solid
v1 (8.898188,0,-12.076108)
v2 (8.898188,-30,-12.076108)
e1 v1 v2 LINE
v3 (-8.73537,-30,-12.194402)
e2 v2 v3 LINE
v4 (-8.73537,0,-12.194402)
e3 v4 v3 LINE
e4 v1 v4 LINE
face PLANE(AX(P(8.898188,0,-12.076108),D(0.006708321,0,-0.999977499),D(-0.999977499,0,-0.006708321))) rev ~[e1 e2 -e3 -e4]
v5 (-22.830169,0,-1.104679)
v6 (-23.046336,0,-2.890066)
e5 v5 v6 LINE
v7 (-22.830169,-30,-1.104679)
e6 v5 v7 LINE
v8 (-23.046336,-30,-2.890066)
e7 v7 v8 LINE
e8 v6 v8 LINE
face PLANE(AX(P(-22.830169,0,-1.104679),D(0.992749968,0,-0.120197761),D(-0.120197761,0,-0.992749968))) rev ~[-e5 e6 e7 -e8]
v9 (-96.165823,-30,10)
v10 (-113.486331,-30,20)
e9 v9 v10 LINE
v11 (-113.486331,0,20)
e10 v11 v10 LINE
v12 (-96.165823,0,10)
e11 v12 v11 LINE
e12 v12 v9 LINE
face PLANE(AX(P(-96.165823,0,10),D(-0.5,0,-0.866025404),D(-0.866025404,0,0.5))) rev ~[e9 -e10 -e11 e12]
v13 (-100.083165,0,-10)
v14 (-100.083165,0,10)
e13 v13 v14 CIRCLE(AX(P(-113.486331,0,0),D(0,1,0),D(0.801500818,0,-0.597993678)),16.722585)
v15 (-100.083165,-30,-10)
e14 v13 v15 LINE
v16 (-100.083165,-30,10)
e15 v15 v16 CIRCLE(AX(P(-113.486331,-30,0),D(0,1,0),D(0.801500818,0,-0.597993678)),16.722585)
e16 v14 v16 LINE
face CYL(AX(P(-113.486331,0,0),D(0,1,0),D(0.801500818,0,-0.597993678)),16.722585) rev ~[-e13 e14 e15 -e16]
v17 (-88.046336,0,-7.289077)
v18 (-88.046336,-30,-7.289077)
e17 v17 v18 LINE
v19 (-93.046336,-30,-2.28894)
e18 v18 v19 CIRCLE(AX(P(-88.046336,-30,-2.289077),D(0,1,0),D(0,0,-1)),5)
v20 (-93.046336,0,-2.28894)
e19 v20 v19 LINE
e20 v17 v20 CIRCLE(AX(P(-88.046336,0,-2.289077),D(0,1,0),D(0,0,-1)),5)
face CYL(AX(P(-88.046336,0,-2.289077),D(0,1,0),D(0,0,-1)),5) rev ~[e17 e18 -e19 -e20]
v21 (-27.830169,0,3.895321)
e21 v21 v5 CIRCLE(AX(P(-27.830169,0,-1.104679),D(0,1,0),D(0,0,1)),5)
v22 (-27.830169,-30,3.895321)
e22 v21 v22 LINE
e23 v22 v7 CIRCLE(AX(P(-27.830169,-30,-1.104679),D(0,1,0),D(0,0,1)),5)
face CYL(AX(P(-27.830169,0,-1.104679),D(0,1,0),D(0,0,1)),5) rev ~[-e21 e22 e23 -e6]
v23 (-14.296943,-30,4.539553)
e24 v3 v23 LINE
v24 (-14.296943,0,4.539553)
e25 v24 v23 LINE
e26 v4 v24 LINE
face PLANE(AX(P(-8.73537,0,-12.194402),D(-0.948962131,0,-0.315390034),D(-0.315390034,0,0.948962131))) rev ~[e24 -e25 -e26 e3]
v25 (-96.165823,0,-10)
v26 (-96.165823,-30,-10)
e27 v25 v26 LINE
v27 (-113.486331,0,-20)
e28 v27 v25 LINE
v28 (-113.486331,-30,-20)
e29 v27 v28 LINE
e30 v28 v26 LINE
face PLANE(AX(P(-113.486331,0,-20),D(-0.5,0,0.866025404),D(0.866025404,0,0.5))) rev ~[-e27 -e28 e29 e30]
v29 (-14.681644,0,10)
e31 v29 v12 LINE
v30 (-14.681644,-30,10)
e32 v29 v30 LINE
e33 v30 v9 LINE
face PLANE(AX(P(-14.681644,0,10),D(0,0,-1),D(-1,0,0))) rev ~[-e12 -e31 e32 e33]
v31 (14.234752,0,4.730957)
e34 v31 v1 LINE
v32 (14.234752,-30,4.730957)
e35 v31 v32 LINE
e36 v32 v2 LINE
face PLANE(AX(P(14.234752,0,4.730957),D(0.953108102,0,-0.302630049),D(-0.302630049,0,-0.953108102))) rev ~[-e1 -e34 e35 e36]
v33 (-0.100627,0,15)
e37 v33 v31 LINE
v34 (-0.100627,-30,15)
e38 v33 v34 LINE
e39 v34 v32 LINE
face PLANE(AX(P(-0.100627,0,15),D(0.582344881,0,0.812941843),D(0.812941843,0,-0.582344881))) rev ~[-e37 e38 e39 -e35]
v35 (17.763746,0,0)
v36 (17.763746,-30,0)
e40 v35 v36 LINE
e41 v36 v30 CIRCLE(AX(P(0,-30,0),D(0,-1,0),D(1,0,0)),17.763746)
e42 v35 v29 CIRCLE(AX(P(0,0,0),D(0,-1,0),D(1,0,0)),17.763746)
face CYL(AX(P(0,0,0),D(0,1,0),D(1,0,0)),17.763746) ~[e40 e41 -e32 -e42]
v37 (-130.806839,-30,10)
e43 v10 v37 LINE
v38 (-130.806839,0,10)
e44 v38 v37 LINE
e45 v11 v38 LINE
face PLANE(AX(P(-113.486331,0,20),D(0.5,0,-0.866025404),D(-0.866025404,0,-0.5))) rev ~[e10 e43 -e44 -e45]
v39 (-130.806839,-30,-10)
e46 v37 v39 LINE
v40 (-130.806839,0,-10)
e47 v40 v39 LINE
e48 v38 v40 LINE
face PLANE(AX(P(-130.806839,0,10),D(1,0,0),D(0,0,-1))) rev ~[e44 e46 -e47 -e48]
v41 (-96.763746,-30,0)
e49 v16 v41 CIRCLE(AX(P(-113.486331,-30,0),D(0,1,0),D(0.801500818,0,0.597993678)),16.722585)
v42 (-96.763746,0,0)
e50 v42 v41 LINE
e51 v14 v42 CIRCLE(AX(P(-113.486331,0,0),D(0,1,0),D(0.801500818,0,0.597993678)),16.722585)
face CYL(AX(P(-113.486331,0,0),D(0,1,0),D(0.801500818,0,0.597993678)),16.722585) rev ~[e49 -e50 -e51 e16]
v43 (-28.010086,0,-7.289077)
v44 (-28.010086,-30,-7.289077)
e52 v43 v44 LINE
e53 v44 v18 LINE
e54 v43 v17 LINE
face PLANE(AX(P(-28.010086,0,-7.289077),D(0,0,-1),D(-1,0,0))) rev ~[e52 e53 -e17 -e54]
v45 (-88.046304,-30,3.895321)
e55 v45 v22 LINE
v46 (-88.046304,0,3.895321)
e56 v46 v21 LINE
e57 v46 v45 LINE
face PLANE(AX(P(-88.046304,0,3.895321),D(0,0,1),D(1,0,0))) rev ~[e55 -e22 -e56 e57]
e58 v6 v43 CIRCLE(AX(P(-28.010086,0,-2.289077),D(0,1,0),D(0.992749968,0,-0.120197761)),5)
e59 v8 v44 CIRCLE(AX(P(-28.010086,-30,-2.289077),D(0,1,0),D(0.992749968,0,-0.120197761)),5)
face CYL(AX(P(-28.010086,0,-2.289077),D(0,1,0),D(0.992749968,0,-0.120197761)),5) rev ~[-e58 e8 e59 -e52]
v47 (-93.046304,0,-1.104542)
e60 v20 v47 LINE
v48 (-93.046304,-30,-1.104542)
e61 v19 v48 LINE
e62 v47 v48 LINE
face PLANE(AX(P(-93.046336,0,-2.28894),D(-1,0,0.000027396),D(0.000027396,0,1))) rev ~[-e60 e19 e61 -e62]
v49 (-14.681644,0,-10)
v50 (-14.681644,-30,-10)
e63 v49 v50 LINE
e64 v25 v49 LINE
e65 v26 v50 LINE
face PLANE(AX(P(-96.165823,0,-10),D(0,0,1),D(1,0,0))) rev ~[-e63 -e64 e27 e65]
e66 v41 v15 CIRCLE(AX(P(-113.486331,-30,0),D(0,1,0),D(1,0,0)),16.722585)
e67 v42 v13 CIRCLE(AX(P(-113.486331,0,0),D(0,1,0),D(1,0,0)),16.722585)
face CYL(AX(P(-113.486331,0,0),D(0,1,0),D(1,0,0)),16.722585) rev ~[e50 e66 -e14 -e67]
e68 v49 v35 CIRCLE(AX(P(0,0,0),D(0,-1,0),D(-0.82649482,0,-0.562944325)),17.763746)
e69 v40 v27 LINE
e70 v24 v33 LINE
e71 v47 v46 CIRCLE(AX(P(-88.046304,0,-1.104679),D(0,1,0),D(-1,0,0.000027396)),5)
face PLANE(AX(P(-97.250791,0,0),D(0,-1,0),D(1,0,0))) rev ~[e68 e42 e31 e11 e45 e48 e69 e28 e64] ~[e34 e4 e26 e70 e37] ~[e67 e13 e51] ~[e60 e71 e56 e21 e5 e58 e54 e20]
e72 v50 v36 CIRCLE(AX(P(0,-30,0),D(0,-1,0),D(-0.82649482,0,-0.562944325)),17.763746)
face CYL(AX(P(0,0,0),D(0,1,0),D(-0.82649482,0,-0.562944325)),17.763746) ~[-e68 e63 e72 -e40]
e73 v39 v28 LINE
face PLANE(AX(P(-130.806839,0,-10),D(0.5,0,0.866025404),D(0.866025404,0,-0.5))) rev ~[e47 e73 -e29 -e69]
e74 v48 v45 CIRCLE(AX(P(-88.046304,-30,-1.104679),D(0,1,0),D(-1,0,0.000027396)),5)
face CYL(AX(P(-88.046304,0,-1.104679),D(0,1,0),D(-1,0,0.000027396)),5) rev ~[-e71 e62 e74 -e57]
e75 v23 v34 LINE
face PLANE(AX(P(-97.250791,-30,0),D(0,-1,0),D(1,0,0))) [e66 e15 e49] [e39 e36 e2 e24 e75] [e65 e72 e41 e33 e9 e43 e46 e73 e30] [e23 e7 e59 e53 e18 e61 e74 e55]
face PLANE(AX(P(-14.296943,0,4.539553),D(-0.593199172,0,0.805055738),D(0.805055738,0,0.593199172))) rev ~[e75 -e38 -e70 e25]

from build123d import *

# Parameters (mm, degrees)
F1_DEPTH = 30


with BuildPart() as f1:
    # F0 (on Front) → F1 (new body)
    with BuildSketch(Plane.XZ):
        with BuildLine():
            Line((-100.0831654086, -10), (-96.1658227274, -10))
            Line((-96.1658227274, -10), (-96.1658227274, 10))
            Line((-96.1658227274, 10), (-100.0831654086, 10))
            ThreePointArc((-100.0831654086, 10), (-97.6152814904, 5.2682669169), (-96.7637459971, 0))
            ThreePointArc((-96.7637459971, 0), (-97.6152814904, -5.2682669169), (-100.0831654086, -10))
        make_face()
        with BuildLine():
            Line((-113.486330803, -20), (-96.1658227274, -10))
            Line((-96.1658227274, -10), (-100.0831654086, -10))
            ThreePointArc((-100.0831654086, -10), (-130.208915609, 0), (-100.0831654086, 10))
            Line((-100.0831654086, 10), (-96.1658227274, 10))
            Line((-96.1658227274, 10), (-113.486330803, 20))
            Line((-113.486330803, 20), (-130.8068388787, 10))
            Line((-130.8068388787, 10), (-130.8068388787, -10))
            Line((-130.8068388787, -10), (-113.486330803, -20))
        make_face()
        with BuildLine():
            Line((-96.1658227274, 10), (-96.1658227274, -10))
            Line((-96.1658227274, -10), (-14.6816440445, -10))
            ThreePointArc((-14.6816440445, -10), (-17.7637459971, 0), (-14.6816440445, 10))
            Line((-14.6816440445, 10), (-96.1658227274, 10))
        make_face()
        with BuildLine():
            ThreePointArc((-93.0463036842, -1.1045418554), (-91.5817891612, 2.4309034985), (-88.0463036861, 3.8953211624))
            Line((-88.0463036861, 3.8953211624), (-27.8301693912, 3.8953211624))
            ThreePointArc((-27.8301693912, 3.8953211624), (-24.2946354853, 2.4308550684), (-22.8301693912, -1.1046788376))
            Line((-22.8301693912, -1.1046788376), (-23.0463361325, -2.8900658801))
            ThreePointArc((-23.0463361325, -2.8900658801), (-24.6938338715, -6.0310647831), (-28.0100859706, -7.289077074))
            Line((-28.0100859706, -7.289077074), (-88.0463361344, -7.289077074))
            ThreePointArc((-88.0463361344, -7.289077074), (-91.5819184705, -5.8245625491), (-93.0463361325, -2.2889400918))
            Line((-93.0463361325, -2.2889400918), (-93.0463036842, -1.1045418554))
        make_face(mode=Mode.SUBTRACT)
        with BuildLine():
            ThreePointArc((-14.6816440445, 10), (-17.7637459971, 0), (-14.6816440445, -10))
            ThreePointArc((-14.6816440445, -10), (5.2320969134, -16.9757425092), (17.7637459971, 0))
            ThreePointArc((17.7637459971, 0), (5.2320969134, 16.9757425092), (-14.6816440445, 10))
        make_face()
        Polygon((14.2347522661, 4.7309569574), (8.8981878036, -12.076107801), (-8.7353697652, -12.1944020303), (-14.2969432228, 4.5395528738), (-0.1006270817, 15), align=None, mode=Mode.SUBTRACT)
    extrude(amount=F1_DEPTH)


solid = f1.part
